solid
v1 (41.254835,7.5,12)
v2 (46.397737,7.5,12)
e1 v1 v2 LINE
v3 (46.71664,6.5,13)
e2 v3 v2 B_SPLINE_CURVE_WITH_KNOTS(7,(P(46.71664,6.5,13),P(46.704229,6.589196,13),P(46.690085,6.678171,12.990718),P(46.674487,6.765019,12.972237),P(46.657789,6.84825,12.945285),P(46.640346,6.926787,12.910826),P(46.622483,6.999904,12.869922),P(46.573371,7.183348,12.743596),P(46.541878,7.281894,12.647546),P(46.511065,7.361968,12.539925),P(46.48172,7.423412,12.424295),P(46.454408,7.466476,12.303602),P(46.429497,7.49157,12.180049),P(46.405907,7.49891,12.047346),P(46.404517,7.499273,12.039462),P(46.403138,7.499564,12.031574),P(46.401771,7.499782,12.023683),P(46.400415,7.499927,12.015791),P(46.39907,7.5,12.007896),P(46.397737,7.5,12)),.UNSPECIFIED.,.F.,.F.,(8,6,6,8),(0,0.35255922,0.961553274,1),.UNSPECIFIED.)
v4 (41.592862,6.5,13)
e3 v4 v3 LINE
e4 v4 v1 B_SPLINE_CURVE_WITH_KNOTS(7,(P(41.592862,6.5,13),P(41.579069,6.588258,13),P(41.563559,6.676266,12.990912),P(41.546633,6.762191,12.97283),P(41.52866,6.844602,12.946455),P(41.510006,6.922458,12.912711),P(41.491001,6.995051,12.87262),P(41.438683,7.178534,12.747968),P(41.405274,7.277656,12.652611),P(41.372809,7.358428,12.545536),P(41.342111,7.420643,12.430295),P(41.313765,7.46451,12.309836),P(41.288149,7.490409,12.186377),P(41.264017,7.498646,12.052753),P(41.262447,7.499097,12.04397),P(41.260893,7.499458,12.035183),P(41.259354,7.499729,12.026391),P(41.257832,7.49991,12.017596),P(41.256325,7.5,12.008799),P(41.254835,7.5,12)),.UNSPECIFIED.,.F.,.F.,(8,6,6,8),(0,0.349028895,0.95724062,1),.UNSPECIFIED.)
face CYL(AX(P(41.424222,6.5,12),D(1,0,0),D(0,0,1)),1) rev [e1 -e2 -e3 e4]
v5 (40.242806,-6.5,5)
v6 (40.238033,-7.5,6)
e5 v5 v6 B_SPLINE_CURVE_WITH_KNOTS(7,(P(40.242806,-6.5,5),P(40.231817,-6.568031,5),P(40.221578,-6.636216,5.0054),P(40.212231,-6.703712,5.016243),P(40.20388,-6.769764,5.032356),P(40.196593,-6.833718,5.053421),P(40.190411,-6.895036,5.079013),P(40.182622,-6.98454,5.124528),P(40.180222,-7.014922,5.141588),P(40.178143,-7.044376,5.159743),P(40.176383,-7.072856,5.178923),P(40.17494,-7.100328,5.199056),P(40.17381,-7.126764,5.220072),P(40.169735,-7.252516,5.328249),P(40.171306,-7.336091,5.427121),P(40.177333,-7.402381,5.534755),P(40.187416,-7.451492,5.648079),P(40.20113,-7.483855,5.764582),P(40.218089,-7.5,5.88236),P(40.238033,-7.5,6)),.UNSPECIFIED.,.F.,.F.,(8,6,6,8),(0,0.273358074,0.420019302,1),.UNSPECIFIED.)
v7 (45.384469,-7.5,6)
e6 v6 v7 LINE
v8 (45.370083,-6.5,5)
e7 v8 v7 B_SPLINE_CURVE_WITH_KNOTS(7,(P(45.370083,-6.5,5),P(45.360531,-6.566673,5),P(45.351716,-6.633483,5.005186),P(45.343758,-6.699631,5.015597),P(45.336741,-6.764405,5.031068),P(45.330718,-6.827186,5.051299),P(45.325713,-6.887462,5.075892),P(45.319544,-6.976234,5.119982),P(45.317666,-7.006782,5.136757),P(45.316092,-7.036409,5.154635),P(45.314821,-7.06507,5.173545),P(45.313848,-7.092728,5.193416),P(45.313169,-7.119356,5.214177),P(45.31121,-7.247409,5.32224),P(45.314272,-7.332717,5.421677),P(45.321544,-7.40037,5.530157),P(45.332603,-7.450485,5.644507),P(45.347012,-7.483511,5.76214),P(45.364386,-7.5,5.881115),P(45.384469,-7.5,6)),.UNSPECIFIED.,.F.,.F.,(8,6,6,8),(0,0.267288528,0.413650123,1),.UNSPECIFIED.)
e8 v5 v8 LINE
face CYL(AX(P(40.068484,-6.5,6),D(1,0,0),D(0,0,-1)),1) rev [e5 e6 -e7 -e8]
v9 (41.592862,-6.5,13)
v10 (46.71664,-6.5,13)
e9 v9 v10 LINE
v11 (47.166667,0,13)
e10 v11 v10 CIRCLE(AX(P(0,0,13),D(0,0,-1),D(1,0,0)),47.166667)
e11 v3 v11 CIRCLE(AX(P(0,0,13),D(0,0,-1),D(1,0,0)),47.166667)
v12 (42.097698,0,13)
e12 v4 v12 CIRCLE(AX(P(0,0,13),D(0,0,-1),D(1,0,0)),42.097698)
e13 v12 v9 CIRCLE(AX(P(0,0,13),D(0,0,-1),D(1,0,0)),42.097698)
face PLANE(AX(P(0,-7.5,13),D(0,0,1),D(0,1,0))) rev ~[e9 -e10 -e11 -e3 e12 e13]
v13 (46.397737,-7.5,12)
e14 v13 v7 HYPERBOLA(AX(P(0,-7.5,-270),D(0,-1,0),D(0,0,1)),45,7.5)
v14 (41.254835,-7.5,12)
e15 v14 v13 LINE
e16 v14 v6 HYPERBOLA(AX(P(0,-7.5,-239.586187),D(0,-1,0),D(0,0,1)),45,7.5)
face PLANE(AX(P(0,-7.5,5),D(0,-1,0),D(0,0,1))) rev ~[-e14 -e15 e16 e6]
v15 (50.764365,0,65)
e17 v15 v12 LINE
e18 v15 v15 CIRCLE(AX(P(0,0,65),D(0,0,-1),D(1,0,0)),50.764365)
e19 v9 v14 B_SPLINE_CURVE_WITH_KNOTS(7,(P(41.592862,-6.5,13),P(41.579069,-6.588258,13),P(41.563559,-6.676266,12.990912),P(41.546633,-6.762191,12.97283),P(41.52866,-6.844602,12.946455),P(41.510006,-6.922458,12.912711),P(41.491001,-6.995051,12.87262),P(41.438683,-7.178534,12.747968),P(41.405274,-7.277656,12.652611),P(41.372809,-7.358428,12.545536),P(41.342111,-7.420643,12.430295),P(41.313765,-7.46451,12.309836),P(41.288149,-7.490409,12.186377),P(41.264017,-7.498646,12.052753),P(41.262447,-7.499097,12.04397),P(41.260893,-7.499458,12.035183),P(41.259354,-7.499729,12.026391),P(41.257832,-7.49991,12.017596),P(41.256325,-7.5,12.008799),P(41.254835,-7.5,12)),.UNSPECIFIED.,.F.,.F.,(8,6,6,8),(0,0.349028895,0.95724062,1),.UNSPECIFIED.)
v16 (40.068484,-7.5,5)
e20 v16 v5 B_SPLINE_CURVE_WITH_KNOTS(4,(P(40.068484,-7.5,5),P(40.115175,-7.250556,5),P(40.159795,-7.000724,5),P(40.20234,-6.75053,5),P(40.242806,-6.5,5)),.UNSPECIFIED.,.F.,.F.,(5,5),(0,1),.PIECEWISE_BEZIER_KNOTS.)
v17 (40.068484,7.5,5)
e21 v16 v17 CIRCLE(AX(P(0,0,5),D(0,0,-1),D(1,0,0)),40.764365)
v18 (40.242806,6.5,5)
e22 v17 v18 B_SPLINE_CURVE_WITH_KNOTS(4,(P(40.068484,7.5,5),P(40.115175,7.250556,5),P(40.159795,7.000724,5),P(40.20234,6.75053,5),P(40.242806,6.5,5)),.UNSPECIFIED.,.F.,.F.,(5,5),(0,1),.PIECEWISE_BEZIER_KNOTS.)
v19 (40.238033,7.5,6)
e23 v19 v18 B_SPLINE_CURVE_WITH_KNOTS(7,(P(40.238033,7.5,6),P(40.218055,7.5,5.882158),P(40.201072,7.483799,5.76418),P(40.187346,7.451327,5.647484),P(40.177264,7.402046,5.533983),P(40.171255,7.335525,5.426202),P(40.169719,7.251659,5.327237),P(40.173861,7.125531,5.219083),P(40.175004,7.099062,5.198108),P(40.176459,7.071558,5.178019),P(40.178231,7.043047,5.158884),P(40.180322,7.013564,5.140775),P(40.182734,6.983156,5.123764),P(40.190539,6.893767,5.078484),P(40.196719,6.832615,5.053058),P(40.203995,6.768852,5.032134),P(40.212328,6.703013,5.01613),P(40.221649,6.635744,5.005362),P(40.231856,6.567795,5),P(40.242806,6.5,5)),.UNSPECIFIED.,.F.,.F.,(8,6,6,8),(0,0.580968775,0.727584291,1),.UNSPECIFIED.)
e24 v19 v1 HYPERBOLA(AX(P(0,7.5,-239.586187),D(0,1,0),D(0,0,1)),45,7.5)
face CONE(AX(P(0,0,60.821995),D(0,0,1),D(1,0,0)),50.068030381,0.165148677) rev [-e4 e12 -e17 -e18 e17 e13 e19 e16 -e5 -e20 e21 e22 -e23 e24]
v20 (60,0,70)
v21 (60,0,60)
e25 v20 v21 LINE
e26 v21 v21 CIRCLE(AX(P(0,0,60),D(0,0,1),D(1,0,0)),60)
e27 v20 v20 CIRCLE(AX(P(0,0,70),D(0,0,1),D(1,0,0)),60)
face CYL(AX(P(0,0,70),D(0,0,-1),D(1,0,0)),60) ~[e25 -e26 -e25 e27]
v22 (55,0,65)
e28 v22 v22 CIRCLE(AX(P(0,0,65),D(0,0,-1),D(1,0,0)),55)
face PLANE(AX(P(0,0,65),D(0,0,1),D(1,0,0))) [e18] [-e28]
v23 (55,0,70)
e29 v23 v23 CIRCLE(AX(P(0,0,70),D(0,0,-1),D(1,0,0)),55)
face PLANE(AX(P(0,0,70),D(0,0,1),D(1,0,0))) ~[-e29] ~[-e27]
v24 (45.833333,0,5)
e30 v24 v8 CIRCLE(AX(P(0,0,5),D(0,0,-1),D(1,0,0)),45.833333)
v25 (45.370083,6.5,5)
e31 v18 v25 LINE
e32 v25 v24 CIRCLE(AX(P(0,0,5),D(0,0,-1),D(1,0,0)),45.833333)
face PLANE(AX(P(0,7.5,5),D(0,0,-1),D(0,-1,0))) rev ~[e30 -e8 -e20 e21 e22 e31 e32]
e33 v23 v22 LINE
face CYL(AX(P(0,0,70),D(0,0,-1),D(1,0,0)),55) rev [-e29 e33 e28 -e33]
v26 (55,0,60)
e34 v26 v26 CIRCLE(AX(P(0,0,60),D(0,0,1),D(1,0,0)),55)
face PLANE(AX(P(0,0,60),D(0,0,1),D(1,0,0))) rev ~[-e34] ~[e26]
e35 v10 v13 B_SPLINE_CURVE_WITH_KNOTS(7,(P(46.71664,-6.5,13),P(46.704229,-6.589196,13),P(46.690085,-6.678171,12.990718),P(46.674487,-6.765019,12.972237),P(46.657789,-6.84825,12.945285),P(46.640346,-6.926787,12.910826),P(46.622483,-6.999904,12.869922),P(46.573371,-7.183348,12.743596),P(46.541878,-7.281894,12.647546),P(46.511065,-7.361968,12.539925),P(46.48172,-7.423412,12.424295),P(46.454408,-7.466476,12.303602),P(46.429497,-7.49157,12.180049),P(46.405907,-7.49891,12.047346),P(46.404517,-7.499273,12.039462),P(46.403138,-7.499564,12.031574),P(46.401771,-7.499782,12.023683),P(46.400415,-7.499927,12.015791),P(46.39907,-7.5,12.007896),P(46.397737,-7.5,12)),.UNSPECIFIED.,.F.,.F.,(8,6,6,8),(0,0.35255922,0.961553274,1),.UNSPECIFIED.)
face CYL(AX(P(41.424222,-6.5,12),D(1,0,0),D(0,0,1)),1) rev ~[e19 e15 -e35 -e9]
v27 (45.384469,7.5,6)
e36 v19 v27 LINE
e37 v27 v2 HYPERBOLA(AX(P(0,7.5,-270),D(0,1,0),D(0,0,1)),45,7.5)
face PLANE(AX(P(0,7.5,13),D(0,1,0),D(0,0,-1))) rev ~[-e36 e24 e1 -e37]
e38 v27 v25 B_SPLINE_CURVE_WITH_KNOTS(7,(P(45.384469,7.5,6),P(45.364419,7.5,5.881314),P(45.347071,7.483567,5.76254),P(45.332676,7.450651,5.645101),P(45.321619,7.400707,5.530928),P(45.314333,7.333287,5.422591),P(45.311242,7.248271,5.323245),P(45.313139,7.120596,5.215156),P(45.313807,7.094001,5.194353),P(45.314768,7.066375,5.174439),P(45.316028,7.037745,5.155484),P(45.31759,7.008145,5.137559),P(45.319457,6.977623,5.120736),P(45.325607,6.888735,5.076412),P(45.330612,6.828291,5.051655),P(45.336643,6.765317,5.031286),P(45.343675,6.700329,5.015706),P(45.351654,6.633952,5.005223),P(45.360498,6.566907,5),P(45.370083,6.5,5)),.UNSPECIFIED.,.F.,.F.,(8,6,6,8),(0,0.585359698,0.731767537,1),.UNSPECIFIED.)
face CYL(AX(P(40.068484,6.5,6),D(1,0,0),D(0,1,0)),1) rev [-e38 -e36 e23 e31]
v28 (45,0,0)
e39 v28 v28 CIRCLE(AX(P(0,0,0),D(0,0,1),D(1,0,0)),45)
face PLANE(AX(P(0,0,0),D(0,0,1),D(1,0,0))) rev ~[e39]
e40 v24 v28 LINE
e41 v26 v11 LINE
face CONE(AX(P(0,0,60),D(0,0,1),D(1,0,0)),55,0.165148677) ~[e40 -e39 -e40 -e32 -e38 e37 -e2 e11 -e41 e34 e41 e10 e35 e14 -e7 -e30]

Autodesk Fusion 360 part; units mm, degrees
sketch "Sketch1" plane through (0, 0, 0) normal (0, 1, 0) x (1, 0, 0)
  line L0 (0, 0) -> (0, -70)
  line L1 (0, -70) -> (60, -70)
  line L2 (60, -70) -> (60, -60)
  line L3 (60, -60) -> (55, -60)
  line L4 (55, -60) -> (45, 0)
  line L5 (45, 0) -> (0, 0)
  dimension "d1" = 90
  dimension "d2" = 70
  dimension "d3" = 45
  dimension "d4" = 60
  dimension "d5" = 5
  dimension "d6" = 10
revolve "Revolve1" add sketch "Sketch1" angle 360 about axis through (0, 0, 0) along (0, 0, 1)
shell "Shell1" thickness 5 removed faces 1 at (28.282, -12.1475, 70)
sketch "Sketch2" plane through (0, 0, 0) normal (1, 0, 0) x (0, 1, 0)
  line L0 (-7.5, 13) -> (7.5, 13)
  line L1 (7.5, 13) -> (7.5, 5)
  line L2 (7.5, 5) -> (-7.5, 5)
  line L3 (-7.5, 5) -> (-7.5, 13)
  dimension "d9" = 5
  dimension "d10" = 15
  dimension "d11" = 8
  dimension "d12" = 7.5
extrude "Extrude1" cut sketch "Sketch2" along normal through all
fillet "Fillet1" radius 1 4 edges at (42.642, 7.5, 5) (43.9954, 7.5, 13) (42.642, -7.5, 5) (43.9954, -7.5, 13)
